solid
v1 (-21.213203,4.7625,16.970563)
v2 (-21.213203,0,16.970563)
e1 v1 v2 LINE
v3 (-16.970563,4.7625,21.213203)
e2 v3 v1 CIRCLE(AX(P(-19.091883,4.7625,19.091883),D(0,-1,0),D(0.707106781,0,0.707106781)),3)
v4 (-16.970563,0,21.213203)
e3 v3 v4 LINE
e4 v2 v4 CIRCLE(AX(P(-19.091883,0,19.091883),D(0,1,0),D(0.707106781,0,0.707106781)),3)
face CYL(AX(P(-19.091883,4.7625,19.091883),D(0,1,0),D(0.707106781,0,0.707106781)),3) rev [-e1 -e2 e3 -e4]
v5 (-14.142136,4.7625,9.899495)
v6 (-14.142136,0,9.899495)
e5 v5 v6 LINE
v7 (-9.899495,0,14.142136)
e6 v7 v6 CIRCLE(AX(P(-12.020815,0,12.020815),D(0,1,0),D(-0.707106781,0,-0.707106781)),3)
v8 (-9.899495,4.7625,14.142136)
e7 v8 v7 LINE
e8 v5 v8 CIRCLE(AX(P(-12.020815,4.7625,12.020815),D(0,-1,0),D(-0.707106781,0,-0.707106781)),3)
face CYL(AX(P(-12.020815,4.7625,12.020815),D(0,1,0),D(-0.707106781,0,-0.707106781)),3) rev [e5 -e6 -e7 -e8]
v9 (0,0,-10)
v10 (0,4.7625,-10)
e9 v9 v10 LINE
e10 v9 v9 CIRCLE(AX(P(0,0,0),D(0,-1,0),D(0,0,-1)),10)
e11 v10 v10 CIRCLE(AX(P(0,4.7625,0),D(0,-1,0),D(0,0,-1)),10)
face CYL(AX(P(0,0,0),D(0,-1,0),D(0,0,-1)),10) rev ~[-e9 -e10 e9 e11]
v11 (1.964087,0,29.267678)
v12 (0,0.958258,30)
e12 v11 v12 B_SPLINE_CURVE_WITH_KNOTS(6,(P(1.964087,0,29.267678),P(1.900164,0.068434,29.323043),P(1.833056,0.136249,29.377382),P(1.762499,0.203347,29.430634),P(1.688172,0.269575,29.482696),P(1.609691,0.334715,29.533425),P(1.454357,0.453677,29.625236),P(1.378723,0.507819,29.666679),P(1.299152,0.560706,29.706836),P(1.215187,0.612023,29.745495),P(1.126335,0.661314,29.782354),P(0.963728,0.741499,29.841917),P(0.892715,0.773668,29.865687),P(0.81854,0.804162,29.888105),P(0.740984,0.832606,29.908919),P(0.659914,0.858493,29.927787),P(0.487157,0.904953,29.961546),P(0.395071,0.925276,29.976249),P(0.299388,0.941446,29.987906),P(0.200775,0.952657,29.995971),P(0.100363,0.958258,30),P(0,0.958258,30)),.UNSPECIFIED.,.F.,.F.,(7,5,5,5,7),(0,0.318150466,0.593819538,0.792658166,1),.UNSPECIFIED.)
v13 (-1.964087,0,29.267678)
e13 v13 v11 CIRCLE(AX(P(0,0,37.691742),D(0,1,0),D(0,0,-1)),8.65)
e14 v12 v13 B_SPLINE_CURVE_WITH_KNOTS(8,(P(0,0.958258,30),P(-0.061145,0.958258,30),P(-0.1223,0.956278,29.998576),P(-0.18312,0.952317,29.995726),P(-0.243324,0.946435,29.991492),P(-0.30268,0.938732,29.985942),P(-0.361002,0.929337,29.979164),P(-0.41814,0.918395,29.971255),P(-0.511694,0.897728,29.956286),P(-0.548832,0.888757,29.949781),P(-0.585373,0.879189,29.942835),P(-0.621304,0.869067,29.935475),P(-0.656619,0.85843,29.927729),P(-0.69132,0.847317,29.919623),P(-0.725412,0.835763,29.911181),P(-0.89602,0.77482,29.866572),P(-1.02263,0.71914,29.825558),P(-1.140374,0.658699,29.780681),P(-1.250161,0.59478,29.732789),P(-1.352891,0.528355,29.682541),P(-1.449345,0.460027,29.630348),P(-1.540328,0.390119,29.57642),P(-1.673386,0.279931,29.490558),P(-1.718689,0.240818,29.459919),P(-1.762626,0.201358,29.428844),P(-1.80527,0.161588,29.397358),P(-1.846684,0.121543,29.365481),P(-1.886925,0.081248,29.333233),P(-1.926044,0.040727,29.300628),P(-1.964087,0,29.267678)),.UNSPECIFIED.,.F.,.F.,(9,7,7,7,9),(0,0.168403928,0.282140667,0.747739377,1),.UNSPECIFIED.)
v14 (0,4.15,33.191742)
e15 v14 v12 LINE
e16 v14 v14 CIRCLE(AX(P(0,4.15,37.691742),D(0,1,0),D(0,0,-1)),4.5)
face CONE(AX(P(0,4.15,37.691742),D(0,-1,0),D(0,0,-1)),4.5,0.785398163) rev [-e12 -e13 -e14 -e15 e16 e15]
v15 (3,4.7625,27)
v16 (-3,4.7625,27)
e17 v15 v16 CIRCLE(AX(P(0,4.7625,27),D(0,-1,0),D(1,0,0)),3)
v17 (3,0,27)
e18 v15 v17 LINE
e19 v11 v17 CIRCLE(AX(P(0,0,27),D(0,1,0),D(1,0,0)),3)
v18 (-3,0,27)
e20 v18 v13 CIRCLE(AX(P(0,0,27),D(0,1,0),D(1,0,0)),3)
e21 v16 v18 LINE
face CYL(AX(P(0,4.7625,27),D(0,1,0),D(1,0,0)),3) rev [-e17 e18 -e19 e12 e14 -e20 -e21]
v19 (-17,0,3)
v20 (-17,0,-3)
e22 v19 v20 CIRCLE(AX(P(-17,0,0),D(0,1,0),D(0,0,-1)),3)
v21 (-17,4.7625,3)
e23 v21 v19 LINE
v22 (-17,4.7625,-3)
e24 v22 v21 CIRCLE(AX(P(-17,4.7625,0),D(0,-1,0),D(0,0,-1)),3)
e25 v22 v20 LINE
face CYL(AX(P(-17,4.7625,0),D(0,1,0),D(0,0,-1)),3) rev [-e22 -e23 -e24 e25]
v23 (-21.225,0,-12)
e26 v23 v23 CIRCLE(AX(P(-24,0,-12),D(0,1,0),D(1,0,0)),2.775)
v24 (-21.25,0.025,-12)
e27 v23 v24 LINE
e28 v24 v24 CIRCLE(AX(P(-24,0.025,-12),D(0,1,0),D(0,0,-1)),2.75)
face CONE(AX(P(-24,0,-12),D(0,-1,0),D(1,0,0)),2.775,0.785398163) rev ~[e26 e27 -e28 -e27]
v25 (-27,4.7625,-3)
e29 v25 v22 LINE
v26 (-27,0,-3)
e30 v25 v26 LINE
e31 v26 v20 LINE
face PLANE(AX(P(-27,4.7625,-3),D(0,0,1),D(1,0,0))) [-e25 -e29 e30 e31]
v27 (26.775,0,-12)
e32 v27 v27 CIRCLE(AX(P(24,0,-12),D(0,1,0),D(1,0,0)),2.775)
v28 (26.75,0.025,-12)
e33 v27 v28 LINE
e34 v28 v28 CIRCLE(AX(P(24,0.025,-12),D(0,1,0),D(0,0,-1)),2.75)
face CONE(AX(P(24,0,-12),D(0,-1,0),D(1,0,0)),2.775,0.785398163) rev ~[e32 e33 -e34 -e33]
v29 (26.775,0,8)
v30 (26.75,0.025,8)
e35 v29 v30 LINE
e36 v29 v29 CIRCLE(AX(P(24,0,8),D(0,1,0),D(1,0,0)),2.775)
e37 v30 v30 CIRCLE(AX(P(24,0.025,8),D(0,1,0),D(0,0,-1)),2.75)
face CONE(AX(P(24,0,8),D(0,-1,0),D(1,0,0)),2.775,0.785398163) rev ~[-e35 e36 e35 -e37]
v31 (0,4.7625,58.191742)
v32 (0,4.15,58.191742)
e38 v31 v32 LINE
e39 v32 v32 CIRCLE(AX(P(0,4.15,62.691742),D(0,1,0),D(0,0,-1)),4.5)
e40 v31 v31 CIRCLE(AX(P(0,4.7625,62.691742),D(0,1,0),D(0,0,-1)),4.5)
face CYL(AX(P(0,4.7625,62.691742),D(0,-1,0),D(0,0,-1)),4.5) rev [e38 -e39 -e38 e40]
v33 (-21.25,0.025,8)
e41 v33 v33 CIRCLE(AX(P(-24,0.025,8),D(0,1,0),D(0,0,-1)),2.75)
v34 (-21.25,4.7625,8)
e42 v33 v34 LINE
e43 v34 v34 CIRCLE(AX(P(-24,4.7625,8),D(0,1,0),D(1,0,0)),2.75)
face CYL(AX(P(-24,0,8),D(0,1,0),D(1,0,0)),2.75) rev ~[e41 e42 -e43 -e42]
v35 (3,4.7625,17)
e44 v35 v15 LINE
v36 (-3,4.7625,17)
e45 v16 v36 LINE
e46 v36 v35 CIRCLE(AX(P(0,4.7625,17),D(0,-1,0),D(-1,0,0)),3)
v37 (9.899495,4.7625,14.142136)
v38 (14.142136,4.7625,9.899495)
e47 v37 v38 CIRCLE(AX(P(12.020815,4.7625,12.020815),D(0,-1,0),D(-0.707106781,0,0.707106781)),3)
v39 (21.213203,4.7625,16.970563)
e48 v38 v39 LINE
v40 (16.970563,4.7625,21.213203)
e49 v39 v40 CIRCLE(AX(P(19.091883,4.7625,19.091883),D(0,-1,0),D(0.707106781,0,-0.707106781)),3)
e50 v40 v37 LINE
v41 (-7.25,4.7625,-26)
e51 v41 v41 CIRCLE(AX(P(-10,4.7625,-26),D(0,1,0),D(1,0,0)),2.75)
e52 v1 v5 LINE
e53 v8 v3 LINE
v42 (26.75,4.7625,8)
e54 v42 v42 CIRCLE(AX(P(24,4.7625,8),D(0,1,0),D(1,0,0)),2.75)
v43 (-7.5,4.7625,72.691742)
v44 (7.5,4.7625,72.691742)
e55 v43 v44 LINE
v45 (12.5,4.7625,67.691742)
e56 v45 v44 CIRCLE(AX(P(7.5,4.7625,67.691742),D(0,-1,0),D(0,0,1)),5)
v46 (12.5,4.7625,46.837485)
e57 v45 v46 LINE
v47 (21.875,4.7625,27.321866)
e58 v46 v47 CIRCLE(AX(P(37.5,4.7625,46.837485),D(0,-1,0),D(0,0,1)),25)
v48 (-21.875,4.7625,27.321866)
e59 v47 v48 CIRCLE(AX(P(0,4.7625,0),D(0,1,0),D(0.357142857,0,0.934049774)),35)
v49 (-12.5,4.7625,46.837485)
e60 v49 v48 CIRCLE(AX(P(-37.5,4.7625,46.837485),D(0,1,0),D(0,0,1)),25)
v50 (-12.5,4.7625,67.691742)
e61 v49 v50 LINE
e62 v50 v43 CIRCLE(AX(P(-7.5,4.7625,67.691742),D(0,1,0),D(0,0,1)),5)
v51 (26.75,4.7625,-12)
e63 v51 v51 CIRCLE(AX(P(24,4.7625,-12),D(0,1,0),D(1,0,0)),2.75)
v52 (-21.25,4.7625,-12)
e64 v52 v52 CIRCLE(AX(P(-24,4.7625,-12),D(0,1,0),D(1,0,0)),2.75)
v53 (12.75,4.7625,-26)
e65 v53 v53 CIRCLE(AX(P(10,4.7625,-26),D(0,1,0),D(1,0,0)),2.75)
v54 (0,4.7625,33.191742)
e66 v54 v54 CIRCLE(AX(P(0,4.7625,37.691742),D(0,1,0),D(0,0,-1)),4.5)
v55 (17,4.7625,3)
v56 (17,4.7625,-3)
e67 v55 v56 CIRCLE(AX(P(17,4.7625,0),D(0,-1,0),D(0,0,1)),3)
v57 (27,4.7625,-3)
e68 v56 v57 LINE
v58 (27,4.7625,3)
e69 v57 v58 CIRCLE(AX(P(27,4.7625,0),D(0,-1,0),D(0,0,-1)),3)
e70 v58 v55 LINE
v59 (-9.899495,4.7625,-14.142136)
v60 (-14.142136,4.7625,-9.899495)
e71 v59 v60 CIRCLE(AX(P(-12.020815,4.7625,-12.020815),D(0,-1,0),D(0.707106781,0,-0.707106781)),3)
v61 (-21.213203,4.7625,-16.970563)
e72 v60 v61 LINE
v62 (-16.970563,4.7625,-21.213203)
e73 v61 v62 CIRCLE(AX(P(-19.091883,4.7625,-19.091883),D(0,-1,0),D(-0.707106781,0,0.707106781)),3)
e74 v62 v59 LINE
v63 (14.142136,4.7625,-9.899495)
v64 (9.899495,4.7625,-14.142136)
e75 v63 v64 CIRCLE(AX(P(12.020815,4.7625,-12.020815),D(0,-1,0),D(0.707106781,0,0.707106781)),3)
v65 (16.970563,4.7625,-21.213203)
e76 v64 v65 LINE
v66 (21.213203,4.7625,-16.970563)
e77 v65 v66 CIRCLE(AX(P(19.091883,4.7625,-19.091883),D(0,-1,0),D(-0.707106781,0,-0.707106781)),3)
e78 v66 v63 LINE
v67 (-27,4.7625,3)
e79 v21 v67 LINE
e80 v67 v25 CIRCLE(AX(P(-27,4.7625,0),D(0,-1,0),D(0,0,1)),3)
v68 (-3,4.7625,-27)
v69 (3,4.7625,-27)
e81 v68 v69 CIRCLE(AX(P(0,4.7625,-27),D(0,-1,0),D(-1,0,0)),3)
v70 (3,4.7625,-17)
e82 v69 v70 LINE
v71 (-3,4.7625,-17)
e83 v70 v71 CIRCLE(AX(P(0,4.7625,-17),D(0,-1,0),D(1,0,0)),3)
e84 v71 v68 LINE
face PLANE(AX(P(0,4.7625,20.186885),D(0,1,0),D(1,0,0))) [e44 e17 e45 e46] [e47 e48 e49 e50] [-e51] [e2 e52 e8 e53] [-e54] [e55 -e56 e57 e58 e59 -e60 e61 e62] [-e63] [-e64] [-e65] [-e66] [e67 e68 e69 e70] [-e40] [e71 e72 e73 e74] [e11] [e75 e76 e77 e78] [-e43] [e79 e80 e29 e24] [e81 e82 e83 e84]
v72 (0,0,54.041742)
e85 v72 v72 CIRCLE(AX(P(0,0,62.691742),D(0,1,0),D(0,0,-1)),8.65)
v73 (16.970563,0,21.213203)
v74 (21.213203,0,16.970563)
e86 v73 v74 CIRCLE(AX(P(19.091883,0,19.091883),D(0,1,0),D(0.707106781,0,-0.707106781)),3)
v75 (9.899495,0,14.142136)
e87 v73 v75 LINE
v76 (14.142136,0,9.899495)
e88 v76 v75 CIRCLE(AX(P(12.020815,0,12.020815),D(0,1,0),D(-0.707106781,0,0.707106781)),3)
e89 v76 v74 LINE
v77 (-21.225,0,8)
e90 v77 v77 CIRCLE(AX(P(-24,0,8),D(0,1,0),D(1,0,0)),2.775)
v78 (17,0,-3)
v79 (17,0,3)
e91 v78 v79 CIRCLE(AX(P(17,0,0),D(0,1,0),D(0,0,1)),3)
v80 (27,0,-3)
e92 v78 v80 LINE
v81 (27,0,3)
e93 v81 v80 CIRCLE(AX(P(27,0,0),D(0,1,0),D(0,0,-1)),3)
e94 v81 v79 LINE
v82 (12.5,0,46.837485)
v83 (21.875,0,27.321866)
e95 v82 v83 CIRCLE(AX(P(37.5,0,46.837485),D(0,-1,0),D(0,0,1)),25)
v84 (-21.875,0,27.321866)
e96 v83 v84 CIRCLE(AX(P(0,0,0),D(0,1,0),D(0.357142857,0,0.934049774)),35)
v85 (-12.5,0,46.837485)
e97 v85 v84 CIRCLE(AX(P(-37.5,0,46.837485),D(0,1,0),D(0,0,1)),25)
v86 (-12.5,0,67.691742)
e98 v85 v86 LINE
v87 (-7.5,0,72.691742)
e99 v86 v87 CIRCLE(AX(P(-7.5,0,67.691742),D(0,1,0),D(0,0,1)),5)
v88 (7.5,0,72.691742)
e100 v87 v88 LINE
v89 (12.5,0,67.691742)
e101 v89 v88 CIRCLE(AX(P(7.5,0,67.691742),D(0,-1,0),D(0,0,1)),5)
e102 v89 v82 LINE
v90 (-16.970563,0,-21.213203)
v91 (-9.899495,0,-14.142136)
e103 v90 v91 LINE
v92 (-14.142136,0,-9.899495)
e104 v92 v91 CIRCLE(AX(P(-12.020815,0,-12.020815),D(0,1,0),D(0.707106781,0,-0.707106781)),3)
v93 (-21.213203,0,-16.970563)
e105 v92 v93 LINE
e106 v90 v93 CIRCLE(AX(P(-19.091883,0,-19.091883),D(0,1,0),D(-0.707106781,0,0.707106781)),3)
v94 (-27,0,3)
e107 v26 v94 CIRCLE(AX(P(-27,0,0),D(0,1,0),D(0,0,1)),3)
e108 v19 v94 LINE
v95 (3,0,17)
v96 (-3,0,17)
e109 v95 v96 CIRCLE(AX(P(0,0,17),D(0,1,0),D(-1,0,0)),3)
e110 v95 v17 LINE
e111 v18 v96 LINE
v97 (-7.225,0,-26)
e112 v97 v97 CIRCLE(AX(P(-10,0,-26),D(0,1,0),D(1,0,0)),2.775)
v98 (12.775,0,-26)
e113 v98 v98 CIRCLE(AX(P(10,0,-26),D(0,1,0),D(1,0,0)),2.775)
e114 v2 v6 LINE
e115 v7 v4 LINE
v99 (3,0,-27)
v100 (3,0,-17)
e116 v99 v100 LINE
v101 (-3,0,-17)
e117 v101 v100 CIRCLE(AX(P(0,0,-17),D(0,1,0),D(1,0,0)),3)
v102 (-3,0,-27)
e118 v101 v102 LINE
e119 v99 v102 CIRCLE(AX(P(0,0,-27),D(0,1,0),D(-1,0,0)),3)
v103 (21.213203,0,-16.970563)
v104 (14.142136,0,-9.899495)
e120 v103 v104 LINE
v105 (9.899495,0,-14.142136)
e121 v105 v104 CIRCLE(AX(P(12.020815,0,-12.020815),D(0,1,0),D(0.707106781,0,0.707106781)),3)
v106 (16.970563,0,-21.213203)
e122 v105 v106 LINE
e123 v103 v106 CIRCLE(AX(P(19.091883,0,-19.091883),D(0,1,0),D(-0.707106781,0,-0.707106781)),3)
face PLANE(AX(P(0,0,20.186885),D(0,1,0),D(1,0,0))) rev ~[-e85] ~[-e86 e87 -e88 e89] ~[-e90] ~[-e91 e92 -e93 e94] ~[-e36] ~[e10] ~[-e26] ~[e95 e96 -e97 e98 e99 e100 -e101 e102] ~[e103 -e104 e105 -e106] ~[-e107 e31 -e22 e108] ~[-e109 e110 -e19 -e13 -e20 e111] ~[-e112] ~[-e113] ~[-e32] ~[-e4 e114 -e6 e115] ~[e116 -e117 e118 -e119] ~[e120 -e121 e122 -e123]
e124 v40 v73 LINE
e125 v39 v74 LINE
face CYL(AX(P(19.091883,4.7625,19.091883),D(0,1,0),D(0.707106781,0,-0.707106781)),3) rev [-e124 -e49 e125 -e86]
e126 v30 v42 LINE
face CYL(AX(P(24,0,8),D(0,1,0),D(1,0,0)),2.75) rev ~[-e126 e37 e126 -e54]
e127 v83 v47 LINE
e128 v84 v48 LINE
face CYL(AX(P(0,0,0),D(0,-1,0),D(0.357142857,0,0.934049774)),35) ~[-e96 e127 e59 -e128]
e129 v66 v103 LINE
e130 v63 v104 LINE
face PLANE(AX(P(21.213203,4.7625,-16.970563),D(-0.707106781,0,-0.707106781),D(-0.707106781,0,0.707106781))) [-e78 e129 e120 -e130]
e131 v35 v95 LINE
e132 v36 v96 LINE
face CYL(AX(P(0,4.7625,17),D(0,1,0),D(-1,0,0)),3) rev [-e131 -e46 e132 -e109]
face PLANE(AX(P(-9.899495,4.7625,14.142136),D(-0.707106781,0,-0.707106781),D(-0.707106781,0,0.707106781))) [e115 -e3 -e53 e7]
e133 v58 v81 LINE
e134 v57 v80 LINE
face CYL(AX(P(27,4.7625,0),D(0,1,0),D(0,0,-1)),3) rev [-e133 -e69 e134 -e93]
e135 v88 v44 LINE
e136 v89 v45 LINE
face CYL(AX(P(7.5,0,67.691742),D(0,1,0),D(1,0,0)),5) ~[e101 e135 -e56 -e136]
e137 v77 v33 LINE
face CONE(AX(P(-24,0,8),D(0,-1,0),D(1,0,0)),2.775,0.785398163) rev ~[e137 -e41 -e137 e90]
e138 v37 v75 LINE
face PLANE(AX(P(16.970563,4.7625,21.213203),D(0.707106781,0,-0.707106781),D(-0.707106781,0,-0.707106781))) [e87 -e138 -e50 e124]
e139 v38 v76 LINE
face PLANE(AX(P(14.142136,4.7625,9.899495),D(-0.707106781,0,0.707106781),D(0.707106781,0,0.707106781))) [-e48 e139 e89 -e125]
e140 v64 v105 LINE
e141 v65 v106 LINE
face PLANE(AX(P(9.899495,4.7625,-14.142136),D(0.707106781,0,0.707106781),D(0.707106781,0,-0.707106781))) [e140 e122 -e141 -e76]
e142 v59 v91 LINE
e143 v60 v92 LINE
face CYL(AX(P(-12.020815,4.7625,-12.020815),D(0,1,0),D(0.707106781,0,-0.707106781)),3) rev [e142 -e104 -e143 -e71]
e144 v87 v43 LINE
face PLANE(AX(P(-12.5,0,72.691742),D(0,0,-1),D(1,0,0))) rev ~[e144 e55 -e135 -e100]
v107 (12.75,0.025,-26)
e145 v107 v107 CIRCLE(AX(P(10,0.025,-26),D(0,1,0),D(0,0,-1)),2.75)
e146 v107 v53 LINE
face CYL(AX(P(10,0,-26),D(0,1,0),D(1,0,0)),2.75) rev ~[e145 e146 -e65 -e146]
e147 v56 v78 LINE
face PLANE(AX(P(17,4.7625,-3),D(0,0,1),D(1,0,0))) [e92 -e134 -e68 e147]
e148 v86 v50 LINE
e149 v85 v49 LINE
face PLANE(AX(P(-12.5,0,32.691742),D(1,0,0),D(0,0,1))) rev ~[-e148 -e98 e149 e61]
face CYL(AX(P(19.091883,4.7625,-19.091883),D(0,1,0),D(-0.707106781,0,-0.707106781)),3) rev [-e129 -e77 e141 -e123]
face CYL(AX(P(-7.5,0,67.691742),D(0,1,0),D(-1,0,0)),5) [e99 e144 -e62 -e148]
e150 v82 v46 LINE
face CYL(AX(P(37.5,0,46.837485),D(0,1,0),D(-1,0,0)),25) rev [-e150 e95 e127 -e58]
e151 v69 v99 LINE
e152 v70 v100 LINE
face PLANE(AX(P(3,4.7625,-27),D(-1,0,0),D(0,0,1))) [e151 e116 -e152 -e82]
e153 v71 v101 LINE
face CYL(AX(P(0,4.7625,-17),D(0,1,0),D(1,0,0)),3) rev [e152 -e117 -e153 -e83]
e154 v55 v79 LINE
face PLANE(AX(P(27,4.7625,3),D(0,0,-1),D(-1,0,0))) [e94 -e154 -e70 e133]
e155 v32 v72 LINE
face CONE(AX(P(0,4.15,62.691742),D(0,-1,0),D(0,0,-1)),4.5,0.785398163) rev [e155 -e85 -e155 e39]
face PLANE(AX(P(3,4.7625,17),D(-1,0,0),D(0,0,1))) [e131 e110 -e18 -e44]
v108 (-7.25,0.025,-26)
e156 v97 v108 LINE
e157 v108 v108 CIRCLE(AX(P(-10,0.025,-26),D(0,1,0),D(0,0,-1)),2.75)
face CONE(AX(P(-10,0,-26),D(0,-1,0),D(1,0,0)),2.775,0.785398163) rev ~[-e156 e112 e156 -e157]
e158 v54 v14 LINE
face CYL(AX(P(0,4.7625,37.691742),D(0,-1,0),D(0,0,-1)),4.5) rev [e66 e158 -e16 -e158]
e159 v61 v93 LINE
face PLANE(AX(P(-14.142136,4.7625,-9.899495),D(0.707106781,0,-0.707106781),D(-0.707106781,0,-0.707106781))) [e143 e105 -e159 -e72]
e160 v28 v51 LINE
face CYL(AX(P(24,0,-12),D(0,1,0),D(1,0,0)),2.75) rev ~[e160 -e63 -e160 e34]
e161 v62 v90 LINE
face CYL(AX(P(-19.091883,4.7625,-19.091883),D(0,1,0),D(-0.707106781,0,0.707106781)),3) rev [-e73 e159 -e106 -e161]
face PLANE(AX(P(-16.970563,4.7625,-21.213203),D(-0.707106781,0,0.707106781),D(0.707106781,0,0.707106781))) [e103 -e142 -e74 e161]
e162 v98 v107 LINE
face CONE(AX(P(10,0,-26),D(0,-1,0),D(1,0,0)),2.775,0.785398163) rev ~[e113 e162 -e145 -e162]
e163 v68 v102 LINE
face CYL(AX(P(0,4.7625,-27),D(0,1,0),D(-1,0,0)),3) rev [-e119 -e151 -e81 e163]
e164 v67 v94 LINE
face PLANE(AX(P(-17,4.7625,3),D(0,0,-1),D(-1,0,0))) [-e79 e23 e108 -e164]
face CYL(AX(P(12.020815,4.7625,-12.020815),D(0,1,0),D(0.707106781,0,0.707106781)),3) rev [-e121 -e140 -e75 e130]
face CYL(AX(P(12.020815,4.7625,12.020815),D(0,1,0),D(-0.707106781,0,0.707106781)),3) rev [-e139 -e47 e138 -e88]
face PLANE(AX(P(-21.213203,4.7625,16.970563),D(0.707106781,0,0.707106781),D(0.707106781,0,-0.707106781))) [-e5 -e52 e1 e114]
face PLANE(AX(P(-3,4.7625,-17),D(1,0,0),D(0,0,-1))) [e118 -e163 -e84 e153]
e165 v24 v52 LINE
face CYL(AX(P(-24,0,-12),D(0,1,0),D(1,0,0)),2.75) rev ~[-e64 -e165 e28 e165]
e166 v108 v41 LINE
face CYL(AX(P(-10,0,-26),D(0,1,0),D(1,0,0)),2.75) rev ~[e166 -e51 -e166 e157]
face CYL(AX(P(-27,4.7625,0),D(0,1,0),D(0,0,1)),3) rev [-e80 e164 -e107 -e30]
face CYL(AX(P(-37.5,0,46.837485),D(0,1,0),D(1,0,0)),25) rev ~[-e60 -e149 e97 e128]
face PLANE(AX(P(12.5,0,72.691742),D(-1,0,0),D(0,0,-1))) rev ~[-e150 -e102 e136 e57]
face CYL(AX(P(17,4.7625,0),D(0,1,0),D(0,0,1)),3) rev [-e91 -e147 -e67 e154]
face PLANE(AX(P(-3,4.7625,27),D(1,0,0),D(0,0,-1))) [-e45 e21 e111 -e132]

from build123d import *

# Parameters (mm, degrees)
BOSS_EXTRUDE1_DEPTH                            = 4.7625
SKETCH5_R                                      = 10
CUT_EXTRUDE1_DEPTH                             = 81.819371269
CSK_FOR_M8_FLAT_HEAD_MACHINE_SCREW1_AT_2_COUNT = 2
CSK_FOR_M8_FLAT_HEAD_MACHINE_SCREW1_AT_2_PITCH = 25
FILLET1_R                                      = 25
M5_CLEARANCE_HOLE1_D                           = 5.5
M5_CLEARANCE_HOLE1_CSINK_D                     = 5.55
M5_CLEARANCE_HOLE1_CSINK_ANGLE                 = 90
FILLET2_R                                      = 5
CUT_EXTRUDE2_DEPTH                             = 81.819371269


with BuildPart() as part:
    # Sketch1 → Boss-Extrude1 (new body)
    with BuildSketch(Plane(origin=(0, 0, 0), x_dir=(1, 0, 0), z_dir=(0, 1, 0))):
        with BuildLine():
            Line((-12.5, -72.691742077), (12.5, -72.691742077))
            Line((12.5, -72.691742077), (12.5, -32.691742077))
            ThreePointArc((12.5, -32.691742077), (0, 35), (-12.5, -32.691742077))
            Line((-12.5, -32.691742077), (-12.5, -72.691742077))
        make_face()
    extrude(amount=BOSS_EXTRUDE1_DEPTH)

    # Sketch5 → Cut-Extrude1 (cut, through all)
    with BuildSketch(Plane.XZ):
        with Locations(Location((0, 0, 0), (0, 0, 270))):
            Circle(SKETCH5_R)
    extrude(amount=-CUT_EXTRUDE1_DEPTH, mode=Mode.SUBTRACT)

    # Sketch8 → CSK for M8 Flat Head Machine Screw1 (revolve, cut)
    with BuildSketch(Plane(origin=(0, 0, 37.691742077), x_dir=(0, 0, -1), z_dir=(1, 0, 0))):
        Polygon((0, 0), (0, 4.7625), (4.5, 4.7625), (4.5, 4.15), (8.65, 0), align=None)
    csk_for_m8_flat_head_machine_screw1 = revolve(axis=Axis((0, -6.35, 37.691742077), (0, 1, 0)), mode=Mode.SUBTRACT)

    # CSK for M8 Flat Head Machine Screw1 at 2: CSK for M8 Flat Head Machine Screw1 ×2
    with Locations(*[(0, 0, i * CSK_FOR_M8_FLAT_HEAD_MACHINE_SCREW1_AT_2_PITCH) for i in range(1, CSK_FOR_M8_FLAT_HEAD_MACHINE_SCREW1_AT_2_COUNT)]):
        add(csk_for_m8_flat_head_machine_screw1, mode=Mode.SUBTRACT)

    # Fillet1
    fillet1_edges = [part.edges().sort_by_distance(p)[0] for p in [
        (-12.5, 2.38125, 32.691742077),
        (12.5, 2.38125, 32.691742077),
    ]]
    fillet(fillet1_edges, radius=FILLET1_R)

    # M5 Clearance Hole1 (through all)
    with Locations(Plane(origin=(0, 0, 0), x_dir=(-1, 0, 0), z_dir=(0, -1, 0))):
        with Locations((10, 26), (24, 12), (24, -8), (-10, 26), (-24, 12), (-24, -8)):
            CounterSinkHole(M5_CLEARANCE_HOLE1_D / 2, M5_CLEARANCE_HOLE1_CSINK_D / 2, counter_sink_angle=M5_CLEARANCE_HOLE1_CSINK_ANGLE)

    # Fillet2
    fillet2_edges = [part.edges().sort_by_distance(p)[0] for p in [
        (12.5, 2.38125, 72.691742077),
        (-12.5, 2.38125, 72.691742077),
    ]]
    fillet(fillet2_edges, radius=FILLET2_R)

    # Sketch12 → Cut-Extrude2 (cut, through all)
    with BuildSketch(Plane(origin=(0, 4.7625, 0), x_dir=(1, 0, 0), z_dir=(0, 1, 0))):
        with BuildLine():
            Line((17, 3), (27, 3))
            ThreePointArc((27, 3), (30, 0), (27, -3))
            Line((27, -3), (17, -3))
            ThreePointArc((17, -3), (14, 0), (17, 3))
        make_face()
        with BuildLine():
            Line((14.142135624, -9.899494937), (21.213203436, -16.970562748))
            ThreePointArc((21.213203436, -16.970562748), (21.213203436, -21.213203436), (16.970562748, -21.213203436))
            Line((16.970562748, -21.213203436), (9.899494937, -14.142135624))
            ThreePointArc((9.899494937, -14.142135624), (9.899494937, -9.899494937), (14.142135624, -9.899494937))
        make_face()
        with BuildLine():
            Line((3, -17), (3, -27))
            ThreePointArc((3, -27), (0, -30), (-3, -27))
            Line((-3, -27), (-3, -17))
            ThreePointArc((-3, -17), (0, -14), (3, -17))
        make_face()
        with BuildLine():
            Line((-9.899494937, -14.142135624), (-16.970562748, -21.213203436))
            ThreePointArc((-16.970562748, -21.213203436), (-21.213203436, -21.213203436), (-21.213203436, -16.970562748))
            Line((-21.213203436, -16.970562748), (-14.142135624, -9.899494937))
            ThreePointArc((-14.142135624, -9.899494937), (-9.899494937, -9.899494937), (-9.899494937, -14.142135624))
        make_face()
        with BuildLine():
            Line((-17, -3), (-27, -3))
            ThreePointArc((-27, -3), (-30, 0), (-27, 3))
            Line((-27, 3), (-17, 3))
            ThreePointArc((-17, 3), (-14, 0), (-17, -3))
        make_face()
        with BuildLine():
            Line((-14.142135624, 9.899494937), (-21.213203436, 16.970562748))
            ThreePointArc((-21.213203436, 16.970562748), (-21.213203436, 21.213203436), (-16.970562748, 21.213203436))
            Line((-16.970562748, 21.213203436), (-9.899494937, 14.142135624))
            ThreePointArc((-9.899494937, 14.142135624), (-9.899494937, 9.899494937), (-14.142135624, 9.899494937))
        make_face()
        with BuildLine():
            Line((-3, 17), (-3, 27))
            ThreePointArc((-3, 27), (0, 30), (3, 27))
            Line((3, 27), (3, 17))
            ThreePointArc((3, 17), (0, 14), (-3, 17))
        make_face()
        with BuildLine():
            Line((9.899494937, 14.142135624), (16.970562748, 21.213203436))
            ThreePointArc((16.970562748, 21.213203436), (21.213203436, 21.213203436), (21.213203436, 16.970562748))
            Line((21.213203436, 16.970562748), (14.142135624, 9.899494937))
            ThreePointArc((14.142135624, 9.899494937), (9.899494937, 9.899494937), (9.899494937, 14.142135624))
        make_face()
    extrude(amount=-CUT_EXTRUDE2_DEPTH, mode=Mode.SUBTRACT)


solid = part.part
